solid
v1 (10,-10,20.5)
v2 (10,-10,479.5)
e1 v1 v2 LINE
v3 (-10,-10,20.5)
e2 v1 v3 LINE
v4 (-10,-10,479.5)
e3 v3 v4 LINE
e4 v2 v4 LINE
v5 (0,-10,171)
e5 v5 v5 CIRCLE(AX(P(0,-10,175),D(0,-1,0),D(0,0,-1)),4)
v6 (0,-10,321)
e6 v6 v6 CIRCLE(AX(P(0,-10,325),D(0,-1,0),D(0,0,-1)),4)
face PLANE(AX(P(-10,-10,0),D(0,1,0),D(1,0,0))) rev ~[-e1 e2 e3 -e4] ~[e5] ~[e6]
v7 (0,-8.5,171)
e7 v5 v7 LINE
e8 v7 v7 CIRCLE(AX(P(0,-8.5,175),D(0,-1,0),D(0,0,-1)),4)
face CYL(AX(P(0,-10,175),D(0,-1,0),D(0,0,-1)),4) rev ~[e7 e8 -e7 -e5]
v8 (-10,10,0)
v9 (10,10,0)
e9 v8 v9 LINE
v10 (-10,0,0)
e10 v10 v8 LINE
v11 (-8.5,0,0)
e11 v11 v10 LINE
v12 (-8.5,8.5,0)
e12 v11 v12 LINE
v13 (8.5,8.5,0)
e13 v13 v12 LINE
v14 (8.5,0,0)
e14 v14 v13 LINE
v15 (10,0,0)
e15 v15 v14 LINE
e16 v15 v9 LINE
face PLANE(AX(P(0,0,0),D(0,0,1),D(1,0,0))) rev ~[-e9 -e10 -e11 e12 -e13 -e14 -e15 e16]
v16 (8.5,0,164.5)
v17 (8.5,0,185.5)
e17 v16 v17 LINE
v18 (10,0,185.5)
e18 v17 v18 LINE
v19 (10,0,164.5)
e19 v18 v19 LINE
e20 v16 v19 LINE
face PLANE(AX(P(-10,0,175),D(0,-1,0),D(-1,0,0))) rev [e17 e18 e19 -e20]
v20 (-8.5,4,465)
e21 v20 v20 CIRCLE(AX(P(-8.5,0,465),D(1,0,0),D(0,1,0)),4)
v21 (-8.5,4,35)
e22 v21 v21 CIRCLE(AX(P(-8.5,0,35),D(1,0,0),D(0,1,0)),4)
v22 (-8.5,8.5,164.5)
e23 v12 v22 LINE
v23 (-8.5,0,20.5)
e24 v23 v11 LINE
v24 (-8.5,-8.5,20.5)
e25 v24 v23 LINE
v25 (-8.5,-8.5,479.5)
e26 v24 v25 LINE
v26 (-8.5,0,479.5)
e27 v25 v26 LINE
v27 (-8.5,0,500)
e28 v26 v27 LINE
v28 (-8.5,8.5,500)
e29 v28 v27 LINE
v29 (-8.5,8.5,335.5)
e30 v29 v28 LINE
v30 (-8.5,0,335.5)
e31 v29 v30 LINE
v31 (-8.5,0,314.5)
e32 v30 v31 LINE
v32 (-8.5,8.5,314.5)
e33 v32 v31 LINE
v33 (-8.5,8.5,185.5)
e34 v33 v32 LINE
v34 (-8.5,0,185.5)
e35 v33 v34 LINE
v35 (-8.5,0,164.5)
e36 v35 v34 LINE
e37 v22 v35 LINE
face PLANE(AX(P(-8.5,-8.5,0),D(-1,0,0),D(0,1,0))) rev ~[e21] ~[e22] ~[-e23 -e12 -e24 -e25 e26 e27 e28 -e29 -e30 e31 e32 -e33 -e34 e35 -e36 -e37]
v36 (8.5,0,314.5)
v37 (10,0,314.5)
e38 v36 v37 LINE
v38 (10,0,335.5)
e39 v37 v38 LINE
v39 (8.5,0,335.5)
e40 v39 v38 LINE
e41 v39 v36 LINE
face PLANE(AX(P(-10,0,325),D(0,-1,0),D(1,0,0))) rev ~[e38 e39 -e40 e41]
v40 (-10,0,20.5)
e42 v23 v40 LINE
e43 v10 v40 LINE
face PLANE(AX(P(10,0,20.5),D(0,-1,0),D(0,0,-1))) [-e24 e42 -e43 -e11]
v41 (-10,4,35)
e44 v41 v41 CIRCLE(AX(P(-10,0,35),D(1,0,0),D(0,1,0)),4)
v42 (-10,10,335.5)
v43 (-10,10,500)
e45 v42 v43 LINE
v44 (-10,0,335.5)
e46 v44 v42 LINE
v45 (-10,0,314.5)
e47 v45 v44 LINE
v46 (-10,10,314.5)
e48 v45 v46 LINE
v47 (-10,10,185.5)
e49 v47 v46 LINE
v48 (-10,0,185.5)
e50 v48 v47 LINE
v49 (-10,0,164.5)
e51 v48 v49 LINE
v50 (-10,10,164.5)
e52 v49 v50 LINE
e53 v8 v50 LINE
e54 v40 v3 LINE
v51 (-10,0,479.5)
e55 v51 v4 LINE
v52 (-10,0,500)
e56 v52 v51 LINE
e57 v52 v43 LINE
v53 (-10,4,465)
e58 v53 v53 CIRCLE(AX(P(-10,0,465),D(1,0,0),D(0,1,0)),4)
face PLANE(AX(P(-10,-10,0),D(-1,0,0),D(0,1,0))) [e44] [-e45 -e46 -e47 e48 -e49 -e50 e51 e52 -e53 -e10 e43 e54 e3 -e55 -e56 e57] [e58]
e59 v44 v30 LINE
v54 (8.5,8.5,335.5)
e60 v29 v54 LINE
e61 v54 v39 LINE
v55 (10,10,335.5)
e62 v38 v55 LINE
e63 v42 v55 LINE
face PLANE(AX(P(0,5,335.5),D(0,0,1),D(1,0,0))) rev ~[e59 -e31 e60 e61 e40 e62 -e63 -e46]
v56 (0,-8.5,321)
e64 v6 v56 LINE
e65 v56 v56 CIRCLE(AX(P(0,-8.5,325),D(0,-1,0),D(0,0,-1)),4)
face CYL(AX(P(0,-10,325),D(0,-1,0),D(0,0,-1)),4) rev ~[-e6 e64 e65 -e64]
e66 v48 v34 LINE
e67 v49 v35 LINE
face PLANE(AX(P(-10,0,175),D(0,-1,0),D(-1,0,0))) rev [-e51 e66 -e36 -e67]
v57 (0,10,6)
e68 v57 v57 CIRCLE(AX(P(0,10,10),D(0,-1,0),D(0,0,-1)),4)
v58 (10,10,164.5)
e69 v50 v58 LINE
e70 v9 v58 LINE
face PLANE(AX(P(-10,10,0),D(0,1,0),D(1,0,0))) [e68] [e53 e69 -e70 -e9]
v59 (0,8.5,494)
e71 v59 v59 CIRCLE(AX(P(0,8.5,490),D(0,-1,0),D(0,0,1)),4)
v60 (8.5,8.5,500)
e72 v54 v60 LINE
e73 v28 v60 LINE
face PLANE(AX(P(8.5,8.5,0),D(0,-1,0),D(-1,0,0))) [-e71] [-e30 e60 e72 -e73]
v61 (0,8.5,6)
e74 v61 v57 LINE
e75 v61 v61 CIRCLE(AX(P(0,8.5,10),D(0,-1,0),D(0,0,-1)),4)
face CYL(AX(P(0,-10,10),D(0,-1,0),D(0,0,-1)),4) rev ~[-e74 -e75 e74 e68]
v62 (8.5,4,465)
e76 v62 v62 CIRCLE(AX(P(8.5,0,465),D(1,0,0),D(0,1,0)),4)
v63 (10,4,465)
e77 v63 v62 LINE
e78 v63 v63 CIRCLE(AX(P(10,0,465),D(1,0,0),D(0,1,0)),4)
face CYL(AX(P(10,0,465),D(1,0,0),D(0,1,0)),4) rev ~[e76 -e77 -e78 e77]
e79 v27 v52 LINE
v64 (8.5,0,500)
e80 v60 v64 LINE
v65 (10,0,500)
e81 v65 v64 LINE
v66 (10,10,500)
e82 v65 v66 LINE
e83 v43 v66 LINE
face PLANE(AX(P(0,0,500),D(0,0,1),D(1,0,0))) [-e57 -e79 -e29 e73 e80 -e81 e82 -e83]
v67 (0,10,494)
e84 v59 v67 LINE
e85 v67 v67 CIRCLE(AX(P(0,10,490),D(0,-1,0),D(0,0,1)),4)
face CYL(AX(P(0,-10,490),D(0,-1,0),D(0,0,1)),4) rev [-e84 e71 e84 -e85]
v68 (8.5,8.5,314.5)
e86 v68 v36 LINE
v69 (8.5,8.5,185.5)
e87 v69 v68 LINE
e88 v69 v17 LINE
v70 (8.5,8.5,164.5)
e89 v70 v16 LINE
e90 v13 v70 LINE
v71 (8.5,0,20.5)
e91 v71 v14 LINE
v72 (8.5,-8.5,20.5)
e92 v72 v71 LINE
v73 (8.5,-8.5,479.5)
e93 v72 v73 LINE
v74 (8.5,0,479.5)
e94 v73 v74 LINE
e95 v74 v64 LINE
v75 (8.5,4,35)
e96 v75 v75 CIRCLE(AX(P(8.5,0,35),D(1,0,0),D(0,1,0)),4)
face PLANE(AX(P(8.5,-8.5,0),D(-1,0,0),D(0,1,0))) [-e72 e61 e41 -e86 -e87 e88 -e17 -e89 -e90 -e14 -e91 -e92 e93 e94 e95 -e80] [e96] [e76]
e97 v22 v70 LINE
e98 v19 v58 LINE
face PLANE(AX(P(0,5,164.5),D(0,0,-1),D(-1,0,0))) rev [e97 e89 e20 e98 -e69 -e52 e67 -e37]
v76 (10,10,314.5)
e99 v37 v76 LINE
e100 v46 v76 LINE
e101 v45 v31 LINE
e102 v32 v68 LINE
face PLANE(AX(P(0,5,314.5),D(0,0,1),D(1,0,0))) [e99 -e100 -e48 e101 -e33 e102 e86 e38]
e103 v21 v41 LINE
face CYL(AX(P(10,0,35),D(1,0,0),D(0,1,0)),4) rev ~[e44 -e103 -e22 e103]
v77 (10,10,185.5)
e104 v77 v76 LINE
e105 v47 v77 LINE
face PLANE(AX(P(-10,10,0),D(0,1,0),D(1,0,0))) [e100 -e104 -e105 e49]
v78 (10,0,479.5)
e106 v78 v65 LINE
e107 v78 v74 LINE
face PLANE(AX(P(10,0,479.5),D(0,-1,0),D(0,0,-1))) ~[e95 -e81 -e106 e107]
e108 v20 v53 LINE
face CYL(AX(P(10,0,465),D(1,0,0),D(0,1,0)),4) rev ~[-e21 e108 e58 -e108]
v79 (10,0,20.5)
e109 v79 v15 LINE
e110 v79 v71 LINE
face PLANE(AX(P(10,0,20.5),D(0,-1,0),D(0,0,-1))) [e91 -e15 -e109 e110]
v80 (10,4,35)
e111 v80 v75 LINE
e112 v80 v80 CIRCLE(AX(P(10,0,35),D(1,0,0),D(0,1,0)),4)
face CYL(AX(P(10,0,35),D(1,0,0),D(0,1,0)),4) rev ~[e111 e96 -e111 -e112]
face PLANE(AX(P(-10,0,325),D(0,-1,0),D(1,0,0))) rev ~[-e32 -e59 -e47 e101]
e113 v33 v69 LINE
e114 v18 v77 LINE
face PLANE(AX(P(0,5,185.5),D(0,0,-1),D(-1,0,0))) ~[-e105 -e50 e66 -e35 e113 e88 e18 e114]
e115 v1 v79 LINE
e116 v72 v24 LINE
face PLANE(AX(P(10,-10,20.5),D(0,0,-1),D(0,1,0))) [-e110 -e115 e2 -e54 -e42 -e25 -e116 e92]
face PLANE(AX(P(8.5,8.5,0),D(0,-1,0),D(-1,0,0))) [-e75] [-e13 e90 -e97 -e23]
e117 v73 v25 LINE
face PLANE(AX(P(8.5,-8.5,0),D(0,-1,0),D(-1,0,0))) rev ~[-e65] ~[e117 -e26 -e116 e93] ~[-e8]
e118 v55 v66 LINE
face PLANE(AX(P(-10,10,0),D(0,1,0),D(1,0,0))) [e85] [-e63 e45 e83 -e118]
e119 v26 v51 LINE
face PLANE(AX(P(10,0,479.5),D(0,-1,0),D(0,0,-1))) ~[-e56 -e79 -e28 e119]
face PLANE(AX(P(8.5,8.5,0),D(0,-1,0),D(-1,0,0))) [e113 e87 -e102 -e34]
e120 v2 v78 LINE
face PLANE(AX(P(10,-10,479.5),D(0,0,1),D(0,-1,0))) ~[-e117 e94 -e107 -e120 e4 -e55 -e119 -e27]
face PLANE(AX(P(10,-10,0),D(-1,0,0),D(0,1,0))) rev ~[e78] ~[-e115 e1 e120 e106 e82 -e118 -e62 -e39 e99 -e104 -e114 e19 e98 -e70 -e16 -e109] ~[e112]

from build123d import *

# Parameters (mm, degrees)
SKETCH_1_W          = 20
SKETCH_1_H          = 20
EXTRUDE_1_DEPTH     = 500
SKETCH_2_W          = 20
SKETCH_2_H          = 10
CUT_EXTRUDE_1_DEPTH = 10.5
SKETCH_3_R          = 4
CUT_EXTRUDE_2_DEPTH = 21
SKETCH_4_W          = 20.5
SKETCH_4_H          = 10
CUT_EXTRUDE_5_DEPTH = 21
SKETCH_5_R          = 4
CUT_EXTRUDE_4_DEPTH = 21
SKETCH_6_R          = 4
CUT_EXTRUDE_6_DEPTH = 501.49975025
SKETCH_7_W          = 17
SKETCH_7_H          = 17
CUT_EXTRUDE_7_DEPTH = 501.199960016


with BuildPart() as part:
    # ｽｹｯﾁ1 → ﾎﾞｽ - 押し出し1 (new body)
    with BuildSketch(Plane.XY):
        Rectangle(SKETCH_1_W, SKETCH_1_H)
    extrude(amount=EXTRUDE_1_DEPTH)

    # ｽｹｯﾁ2 → ｶｯﾄ - 押し出し1 (cut, symmetric)
    with BuildSketch(Plane.XY.offset(325)):
        with Locations((0, 5)):
            Rectangle(SKETCH_2_W, SKETCH_2_H)
    cut_extrude_1 = extrude(amount=CUT_EXTRUDE_1_DEPTH, both=True, mode=Mode.SUBTRACT)

    # ﾐﾗｰ1: ｶｯﾄ - 押し出し1 across plane
    add(cut_extrude_1.mirror(Plane.XY.offset(250)), mode=Mode.SUBTRACT)

    # ｽｹｯﾁ3 → ｶｯﾄ - 押し出し2 (cut)
    with BuildSketch(Plane.XZ.offset(10)):
        with Locations(Location((0, 325, 0), (0, 0, 270))):
            Circle(SKETCH_3_R)
        with Locations(Location((0, 175, 0), (0, 0, 270))):
            Circle(SKETCH_3_R)
    extrude(amount=-CUT_EXTRUDE_2_DEPTH, mode=Mode.SUBTRACT)

    # ｽｹｯﾁ4 → ｶｯﾄ - 押し出し5 (cut)
    with BuildSketch(Plane(origin=(10, 0, 0), x_dir=(0, 0, -1), z_dir=(1, 0, 0))):
        with Locations((-10.25, -5)):
            Rectangle(SKETCH_4_W, SKETCH_4_H)
    cut_extrude_5 = extrude(amount=-CUT_EXTRUDE_5_DEPTH, mode=Mode.SUBTRACT)

    # ｽｹｯﾁ5 → ｶｯﾄ - 押し出し4 (cut)
    with BuildSketch(Plane.XZ.offset(10)):
        with Locations(Location((0, 10, 0), (0, 0, 270))):
            Circle(SKETCH_5_R)
        with Locations((0, 510.5)):
            Circle(SKETCH_5_R)
    cut_extrude_4 = extrude(amount=-CUT_EXTRUDE_4_DEPTH, mode=Mode.SUBTRACT)

    # ﾐﾗｰ3: ｶｯﾄ - 押し出し5 across plane
    add(cut_extrude_5.mirror(Plane.XY.offset(250)), mode=Mode.SUBTRACT)

    # ﾐﾗｰ4: ｶｯﾄ - 押し出し4 across plane
    add(cut_extrude_4.mirror(Plane.XY.offset(250)), mode=Mode.SUBTRACT)

    # ｽｹｯﾁ6 → ｶｯﾄ - 押し出し6 (cut, through all)
    with BuildSketch(Plane(origin=(10, 0, 0), x_dir=(0, 0, -1), z_dir=(1, 0, 0))):
        with Locations(Location((-35, 0, 0), (0, 0, 90))):
            Circle(SKETCH_6_R)
        with Locations(Location((-465, 0, 0), (0, 0, 90))):
            Circle(SKETCH_6_R)
    extrude(amount=-CUT_EXTRUDE_6_DEPTH, mode=Mode.SUBTRACT)

    # ｽｹｯﾁ7 → ｶｯﾄ - 押し出し7 (cut, through all)
    with BuildSketch(Plane(origin=(0, 0, 0), x_dir=(-1, 0, 0), z_dir=(0, 0, -1))):
        Rectangle(SKETCH_7_W, SKETCH_7_H)
    extrude(amount=-CUT_EXTRUDE_7_DEPTH, mode=Mode.SUBTRACT)


solid = part.part
